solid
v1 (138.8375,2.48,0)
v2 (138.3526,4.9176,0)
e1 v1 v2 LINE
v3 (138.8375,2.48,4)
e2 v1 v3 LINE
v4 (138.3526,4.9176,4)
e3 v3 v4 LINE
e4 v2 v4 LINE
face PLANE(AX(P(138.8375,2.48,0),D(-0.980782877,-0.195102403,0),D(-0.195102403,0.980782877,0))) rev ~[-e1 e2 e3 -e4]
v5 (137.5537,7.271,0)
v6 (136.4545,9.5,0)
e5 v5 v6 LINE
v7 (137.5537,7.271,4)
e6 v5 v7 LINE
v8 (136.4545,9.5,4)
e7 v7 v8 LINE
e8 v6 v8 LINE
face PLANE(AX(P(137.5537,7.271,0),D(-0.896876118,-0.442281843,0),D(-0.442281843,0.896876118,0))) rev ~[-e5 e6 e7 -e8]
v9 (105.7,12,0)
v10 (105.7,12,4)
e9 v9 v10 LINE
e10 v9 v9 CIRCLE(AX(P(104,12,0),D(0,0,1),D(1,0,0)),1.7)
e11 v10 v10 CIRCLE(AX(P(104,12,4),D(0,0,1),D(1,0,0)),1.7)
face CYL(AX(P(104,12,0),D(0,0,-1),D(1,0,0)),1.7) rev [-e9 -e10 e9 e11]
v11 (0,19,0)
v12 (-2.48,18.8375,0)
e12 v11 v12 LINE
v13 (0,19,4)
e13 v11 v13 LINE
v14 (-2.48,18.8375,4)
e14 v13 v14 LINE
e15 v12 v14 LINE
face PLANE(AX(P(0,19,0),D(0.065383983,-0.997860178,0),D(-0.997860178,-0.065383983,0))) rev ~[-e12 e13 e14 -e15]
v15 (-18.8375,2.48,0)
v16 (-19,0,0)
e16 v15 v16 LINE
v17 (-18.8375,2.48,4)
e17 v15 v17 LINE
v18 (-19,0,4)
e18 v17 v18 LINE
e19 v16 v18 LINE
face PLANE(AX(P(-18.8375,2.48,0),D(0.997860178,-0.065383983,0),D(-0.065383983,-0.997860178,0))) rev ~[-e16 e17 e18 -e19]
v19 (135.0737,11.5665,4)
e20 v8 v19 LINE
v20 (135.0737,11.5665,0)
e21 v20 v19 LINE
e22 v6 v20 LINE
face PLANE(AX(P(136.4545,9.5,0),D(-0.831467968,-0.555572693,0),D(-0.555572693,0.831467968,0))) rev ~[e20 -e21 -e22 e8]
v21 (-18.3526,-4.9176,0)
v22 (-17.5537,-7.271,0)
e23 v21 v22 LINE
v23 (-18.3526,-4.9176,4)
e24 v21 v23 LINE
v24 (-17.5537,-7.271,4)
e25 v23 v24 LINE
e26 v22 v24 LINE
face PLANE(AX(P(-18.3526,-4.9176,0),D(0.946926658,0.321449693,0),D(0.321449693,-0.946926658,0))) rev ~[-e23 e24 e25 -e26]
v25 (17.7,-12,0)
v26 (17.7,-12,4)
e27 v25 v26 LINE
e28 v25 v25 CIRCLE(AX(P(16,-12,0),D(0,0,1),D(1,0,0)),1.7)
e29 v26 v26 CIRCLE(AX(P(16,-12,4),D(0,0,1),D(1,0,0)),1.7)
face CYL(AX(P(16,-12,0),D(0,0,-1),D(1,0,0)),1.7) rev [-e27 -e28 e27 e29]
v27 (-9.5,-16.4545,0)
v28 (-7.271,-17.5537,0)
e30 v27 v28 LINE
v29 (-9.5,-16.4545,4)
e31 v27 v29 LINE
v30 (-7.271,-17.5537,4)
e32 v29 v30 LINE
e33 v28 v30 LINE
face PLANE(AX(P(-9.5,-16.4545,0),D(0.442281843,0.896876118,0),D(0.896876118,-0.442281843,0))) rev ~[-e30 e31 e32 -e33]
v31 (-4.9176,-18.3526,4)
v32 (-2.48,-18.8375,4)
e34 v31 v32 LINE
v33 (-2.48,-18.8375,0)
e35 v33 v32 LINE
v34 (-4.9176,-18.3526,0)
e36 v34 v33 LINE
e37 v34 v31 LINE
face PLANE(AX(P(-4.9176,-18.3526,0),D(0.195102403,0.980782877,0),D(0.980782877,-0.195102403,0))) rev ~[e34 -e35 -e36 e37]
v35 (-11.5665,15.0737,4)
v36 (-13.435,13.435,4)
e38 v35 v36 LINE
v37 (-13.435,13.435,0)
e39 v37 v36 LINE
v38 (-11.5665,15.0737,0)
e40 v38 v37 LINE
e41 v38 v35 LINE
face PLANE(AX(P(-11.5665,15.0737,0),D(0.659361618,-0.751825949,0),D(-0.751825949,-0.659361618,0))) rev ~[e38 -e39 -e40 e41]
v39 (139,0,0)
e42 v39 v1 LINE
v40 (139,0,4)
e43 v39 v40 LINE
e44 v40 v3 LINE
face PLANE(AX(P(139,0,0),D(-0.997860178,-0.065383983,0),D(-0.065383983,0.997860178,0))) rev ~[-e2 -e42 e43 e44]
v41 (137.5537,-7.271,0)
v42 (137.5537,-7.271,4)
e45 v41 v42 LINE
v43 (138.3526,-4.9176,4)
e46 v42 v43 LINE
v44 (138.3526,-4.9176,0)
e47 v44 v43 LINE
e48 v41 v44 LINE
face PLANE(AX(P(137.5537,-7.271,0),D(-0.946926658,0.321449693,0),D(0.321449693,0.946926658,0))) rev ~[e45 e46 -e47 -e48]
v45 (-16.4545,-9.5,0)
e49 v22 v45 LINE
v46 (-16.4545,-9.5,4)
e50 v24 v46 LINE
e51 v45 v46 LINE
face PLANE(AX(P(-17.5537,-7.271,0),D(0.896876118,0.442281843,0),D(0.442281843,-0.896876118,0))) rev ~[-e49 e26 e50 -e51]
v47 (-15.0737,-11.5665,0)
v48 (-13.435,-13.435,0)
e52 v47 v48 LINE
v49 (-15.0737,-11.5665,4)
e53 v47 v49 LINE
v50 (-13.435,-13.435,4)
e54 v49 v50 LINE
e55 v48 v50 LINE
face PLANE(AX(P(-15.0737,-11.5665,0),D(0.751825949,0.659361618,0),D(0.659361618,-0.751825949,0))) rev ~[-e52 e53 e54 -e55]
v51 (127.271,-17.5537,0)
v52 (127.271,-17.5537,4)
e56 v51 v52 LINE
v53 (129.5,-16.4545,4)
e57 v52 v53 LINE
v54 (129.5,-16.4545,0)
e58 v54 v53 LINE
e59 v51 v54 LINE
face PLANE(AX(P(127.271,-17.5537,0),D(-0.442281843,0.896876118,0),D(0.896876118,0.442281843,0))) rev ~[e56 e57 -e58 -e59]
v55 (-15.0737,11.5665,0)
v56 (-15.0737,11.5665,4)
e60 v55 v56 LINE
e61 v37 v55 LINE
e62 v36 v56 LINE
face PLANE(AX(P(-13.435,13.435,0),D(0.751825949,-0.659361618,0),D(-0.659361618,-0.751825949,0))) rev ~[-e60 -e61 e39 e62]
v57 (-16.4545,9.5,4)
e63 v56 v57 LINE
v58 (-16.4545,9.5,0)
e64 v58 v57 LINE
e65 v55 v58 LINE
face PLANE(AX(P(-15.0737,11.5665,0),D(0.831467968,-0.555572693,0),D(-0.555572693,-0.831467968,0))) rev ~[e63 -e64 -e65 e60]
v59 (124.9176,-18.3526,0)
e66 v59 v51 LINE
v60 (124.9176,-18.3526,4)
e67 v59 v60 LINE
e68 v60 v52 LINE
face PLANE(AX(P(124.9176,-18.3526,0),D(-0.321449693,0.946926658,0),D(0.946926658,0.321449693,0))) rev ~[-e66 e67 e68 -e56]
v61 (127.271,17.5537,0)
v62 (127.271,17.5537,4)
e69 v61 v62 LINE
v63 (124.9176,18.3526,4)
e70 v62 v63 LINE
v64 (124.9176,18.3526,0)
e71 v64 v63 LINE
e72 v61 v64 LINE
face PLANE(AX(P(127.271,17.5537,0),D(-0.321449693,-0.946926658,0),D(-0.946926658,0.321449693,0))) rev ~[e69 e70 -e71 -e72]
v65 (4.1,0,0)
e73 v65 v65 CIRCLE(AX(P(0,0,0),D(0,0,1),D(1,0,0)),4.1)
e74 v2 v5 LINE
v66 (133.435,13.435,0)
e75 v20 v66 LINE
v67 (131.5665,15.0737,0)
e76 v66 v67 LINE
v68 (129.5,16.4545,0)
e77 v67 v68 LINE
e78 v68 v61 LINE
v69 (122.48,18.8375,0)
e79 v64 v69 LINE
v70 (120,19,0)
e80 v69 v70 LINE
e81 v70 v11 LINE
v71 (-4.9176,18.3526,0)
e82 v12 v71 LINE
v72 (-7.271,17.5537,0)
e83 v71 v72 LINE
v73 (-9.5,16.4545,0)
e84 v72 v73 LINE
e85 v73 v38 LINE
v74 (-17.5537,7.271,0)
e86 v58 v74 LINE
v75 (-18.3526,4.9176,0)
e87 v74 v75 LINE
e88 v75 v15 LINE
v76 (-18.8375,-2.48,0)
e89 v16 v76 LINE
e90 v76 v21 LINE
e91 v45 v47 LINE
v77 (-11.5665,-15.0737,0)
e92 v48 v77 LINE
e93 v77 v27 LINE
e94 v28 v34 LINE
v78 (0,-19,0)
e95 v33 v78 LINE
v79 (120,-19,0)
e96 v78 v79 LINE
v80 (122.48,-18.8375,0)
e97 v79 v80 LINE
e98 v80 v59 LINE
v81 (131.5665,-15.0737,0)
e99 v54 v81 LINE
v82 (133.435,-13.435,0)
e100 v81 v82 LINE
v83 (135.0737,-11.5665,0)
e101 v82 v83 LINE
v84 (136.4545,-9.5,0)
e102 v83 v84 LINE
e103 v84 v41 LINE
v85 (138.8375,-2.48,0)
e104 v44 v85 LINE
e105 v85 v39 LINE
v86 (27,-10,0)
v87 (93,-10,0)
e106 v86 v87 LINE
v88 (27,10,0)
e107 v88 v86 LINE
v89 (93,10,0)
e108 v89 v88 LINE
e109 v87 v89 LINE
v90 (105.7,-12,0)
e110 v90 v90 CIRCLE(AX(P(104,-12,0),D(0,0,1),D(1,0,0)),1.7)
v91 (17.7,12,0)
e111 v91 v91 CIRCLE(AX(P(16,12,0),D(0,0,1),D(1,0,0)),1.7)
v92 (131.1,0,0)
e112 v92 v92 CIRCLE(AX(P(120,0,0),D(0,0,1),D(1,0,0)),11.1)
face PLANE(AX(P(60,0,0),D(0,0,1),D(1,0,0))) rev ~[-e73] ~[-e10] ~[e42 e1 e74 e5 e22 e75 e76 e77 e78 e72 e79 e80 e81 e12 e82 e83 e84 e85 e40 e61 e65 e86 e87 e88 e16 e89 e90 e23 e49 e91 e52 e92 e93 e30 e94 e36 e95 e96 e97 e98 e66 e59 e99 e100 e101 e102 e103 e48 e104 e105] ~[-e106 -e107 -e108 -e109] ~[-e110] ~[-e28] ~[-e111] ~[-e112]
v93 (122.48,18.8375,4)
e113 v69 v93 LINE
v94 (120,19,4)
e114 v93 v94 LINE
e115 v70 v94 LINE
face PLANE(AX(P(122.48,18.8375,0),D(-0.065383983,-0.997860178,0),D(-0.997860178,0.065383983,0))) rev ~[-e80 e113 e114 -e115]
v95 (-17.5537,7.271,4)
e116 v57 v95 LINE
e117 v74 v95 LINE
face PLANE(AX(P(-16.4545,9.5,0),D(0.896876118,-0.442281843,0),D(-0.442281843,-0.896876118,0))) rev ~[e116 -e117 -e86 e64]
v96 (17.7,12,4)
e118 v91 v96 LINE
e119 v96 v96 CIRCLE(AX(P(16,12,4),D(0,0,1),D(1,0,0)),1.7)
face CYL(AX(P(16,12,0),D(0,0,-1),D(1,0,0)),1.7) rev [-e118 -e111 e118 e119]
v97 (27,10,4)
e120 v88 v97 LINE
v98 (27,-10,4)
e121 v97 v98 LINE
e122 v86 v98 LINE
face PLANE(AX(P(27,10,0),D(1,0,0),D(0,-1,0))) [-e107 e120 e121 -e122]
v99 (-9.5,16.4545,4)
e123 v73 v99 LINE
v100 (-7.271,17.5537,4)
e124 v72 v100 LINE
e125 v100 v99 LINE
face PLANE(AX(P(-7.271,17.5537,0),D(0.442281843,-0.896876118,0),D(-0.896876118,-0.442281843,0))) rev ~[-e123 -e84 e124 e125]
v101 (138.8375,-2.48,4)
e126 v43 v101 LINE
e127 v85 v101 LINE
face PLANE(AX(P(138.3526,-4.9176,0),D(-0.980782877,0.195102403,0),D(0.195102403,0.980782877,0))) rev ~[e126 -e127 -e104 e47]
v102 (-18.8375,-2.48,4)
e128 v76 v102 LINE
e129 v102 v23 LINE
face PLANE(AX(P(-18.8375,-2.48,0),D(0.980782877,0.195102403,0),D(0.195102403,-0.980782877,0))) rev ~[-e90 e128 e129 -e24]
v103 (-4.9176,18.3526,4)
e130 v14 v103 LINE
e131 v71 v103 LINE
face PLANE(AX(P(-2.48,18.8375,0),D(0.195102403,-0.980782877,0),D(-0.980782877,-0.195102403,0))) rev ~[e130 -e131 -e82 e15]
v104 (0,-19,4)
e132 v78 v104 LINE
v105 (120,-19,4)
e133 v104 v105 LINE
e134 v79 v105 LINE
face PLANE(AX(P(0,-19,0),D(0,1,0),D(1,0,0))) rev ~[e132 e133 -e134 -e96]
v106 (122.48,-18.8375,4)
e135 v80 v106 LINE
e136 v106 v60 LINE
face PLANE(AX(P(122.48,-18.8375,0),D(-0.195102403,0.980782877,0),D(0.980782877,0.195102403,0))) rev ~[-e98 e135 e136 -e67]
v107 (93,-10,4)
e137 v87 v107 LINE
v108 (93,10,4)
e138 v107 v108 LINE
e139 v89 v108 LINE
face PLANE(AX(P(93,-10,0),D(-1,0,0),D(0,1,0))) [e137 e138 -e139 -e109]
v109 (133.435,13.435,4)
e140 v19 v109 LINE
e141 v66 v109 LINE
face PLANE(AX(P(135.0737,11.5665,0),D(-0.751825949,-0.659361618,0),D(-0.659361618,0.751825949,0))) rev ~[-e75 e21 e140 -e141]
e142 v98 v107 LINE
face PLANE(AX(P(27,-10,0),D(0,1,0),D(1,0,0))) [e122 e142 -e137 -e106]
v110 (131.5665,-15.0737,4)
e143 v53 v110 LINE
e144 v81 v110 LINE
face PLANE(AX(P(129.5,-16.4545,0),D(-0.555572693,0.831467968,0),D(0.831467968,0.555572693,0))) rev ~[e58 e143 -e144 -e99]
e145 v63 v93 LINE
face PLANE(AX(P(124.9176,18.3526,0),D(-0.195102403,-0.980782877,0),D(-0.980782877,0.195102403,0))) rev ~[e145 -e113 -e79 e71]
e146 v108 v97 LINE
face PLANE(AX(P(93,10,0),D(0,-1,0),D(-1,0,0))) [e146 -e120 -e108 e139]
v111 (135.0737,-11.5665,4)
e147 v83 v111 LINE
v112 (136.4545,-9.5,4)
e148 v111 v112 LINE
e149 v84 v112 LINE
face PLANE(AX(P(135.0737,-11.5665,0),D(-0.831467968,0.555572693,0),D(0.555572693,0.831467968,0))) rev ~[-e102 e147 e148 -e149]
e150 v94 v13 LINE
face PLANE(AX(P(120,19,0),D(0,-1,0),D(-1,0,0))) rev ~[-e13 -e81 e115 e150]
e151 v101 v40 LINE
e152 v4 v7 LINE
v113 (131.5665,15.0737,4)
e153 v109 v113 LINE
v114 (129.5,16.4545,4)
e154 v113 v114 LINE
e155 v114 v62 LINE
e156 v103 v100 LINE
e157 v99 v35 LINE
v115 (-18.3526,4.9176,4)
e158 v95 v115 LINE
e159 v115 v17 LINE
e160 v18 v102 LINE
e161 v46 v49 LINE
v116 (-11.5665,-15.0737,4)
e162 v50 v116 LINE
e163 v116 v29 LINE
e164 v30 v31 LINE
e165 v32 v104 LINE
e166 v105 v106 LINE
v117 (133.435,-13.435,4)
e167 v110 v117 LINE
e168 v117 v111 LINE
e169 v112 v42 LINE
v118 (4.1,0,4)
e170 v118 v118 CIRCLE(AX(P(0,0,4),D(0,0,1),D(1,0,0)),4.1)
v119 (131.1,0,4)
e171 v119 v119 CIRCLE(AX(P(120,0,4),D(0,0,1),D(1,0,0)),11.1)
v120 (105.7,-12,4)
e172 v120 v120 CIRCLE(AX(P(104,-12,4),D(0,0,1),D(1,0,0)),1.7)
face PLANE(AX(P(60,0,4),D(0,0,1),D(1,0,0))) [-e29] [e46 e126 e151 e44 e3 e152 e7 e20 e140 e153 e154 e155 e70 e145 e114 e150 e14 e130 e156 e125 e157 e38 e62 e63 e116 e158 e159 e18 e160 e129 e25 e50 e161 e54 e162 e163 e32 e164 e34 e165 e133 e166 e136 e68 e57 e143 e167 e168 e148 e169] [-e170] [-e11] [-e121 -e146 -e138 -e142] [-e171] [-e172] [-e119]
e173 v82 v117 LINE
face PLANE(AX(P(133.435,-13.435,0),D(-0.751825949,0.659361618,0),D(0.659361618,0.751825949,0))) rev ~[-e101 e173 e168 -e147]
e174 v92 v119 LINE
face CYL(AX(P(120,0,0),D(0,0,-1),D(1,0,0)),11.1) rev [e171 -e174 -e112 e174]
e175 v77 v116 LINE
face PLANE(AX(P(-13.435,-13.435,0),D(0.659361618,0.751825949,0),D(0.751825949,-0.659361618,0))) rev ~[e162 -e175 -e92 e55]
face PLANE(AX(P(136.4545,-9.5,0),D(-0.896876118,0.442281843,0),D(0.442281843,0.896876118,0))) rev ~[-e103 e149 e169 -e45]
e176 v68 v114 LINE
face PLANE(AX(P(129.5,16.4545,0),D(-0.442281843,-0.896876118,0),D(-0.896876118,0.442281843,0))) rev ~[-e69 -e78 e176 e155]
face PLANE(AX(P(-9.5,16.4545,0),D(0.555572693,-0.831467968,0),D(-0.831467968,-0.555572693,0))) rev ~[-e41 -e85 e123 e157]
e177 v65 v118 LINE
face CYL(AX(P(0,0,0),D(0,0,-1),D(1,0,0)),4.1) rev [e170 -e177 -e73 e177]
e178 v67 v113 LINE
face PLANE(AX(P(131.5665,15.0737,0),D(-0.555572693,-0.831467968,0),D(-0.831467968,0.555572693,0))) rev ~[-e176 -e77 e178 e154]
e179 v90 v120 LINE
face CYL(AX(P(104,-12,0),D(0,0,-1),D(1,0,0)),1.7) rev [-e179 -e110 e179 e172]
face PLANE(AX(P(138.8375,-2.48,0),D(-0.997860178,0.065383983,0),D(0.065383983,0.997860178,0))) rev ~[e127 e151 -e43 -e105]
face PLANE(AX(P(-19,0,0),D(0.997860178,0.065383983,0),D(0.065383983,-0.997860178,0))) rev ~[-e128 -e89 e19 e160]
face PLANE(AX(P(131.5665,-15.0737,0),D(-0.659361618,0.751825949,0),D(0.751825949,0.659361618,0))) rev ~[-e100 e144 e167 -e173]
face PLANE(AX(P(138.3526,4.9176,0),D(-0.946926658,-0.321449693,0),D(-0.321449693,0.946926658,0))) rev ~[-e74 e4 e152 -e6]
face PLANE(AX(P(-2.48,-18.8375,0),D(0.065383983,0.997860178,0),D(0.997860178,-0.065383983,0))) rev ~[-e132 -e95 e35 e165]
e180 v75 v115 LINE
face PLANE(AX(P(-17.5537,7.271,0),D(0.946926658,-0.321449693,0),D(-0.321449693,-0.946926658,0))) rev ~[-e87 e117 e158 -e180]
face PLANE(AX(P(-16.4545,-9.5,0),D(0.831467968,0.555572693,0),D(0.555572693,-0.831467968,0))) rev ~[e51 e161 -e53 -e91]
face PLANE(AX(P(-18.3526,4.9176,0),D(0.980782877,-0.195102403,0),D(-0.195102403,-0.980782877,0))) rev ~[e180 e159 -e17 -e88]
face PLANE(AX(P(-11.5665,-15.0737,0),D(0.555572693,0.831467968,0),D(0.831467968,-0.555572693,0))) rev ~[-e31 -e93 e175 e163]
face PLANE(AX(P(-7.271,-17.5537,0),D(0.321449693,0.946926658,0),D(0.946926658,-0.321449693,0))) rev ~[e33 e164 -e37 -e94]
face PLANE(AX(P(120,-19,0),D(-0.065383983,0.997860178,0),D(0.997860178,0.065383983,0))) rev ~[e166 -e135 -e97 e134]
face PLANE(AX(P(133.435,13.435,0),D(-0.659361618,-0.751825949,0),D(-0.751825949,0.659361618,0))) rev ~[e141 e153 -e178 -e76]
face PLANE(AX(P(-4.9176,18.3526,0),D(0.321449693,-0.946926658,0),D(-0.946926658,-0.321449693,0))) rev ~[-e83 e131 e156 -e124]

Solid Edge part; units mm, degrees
sketch "Sketch1" plane through (0, 0, 0) normal (0, 0, 1) x (1, 0, 0)
  line L0 (120, -19) -> (122.48, -18.8375)
  line L1 (122.48, -18.8375) -> (124.9176, -18.3526)
  line L2 (124.9176, -18.3526) -> (127.271, -17.5537)
  line L3 (127.271, -17.5537) -> (129.5, -16.4545)
  line L4 (129.5, -16.4545) -> (131.5665, -15.0737)
  line L5 (131.5665, -15.0737) -> (133.435, -13.435)
  line L6 (133.435, -13.435) -> (135.0737, -11.5665)
  line L7 (135.0737, -11.5665) -> (136.4545, -9.5)
  line L8 (136.4545, -9.5) -> (137.5537, -7.271)
  line L9 (137.5537, -7.271) -> (138.3526, -4.9176)
  line L10 (138.3526, -4.9176) -> (138.8375, -2.48)
  line L11 (138.8375, -2.48) -> (139, 0)
  line L12 (139, 0) -> (138.8375, 2.48)
  line L13 (138.8375, 2.48) -> (138.3526, 4.9176)
  line L14 (138.3526, 4.9176) -> (137.5537, 7.271)
  line L15 (137.5537, 7.271) -> (136.4545, 9.5)
  line L16 (136.4545, 9.5) -> (135.0737, 11.5665)
  line L17 (135.0737, 11.5665) -> (133.435, 13.435)
  line L18 (133.435, 13.435) -> (131.5665, 15.0737)
  line L19 (131.5665, 15.0737) -> (129.5, 16.4545)
  line L20 (129.5, 16.4545) -> (127.271, 17.5537)
  line L21 (127.271, 17.5537) -> (124.9176, 18.3526)
  line L22 (124.9176, 18.3526) -> (122.48, 18.8375)
  line L23 (122.48, 18.8375) -> (120, 19)
  line L24 (120, 19) -> (0, 19)
  line L25 (0, 19) -> (-2.48, 18.8375)
  line L26 (-2.48, 18.8375) -> (-4.9176, 18.3526)
  line L27 (-4.9176, 18.3526) -> (-7.271, 17.5537)
  line L28 (-7.271, 17.5537) -> (-9.5, 16.4545)
  line L29 (-9.5, 16.4545) -> (-11.5665, 15.0737)
  line L30 (-11.5665, 15.0737) -> (-13.435, 13.435)
  line L31 (-13.435, 13.435) -> (-15.0737, 11.5665)
  line L32 (-15.0737, 11.5665) -> (-16.4545, 9.5)
  line L33 (-16.4545, 9.5) -> (-17.5537, 7.271)
  line L34 (-17.5537, 7.271) -> (-18.3526, 4.9176)
  line L35 (-18.3526, 4.9176) -> (-18.8375, 2.48)
  line L36 (-18.8375, 2.48) -> (-19, 0)
  line L37 (-19, 0) -> (-18.8375, -2.48)
  line L38 (-18.8375, -2.48) -> (-18.3526, -4.9176)
  line L39 (-18.3526, -4.9176) -> (-17.5537, -7.271)
  line L40 (-17.5537, -7.271) -> (-16.4545, -9.5)
  line L41 (-16.4545, -9.5) -> (-15.0737, -11.5665)
  line L42 (-15.0737, -11.5665) -> (-13.435, -13.435)
  line L43 (-13.435, -13.435) -> (-11.5665, -15.0737)
  line L44 (-11.5665, -15.0737) -> (-9.5, -16.4545)
  line L45 (-9.5, -16.4545) -> (-7.271, -17.5537)
  line L46 (-7.271, -17.5537) -> (-4.9176, -18.3526)
  line L47 (-4.9176, -18.3526) -> (-2.48, -18.8375)
  line L48 (-2.48, -18.8375) -> (0, -19)
  line L49 (0, -19) -> (120, -19)
  circle A0 centre (0, 0) radius 4.1
  circle A1 centre (120, 0) radius 11.1
  line L50 (27, -10) -> (93, -10)
  line L51 (93, -10) -> (93, 10)
  line L52 (93, 10) -> (27, 10)
  line L53 (27, 10) -> (27, -10)
  circle A2 centre (16, -12) radius 1.7
  circle A3 centre (16, 12) radius 1.7
  circle A4 centre (104, -12) radius 1.7
  circle A5 centre (104, 12) radius 1.7
extrude "Protrusion1" add sketch "Sketch1" along normal blind 4
